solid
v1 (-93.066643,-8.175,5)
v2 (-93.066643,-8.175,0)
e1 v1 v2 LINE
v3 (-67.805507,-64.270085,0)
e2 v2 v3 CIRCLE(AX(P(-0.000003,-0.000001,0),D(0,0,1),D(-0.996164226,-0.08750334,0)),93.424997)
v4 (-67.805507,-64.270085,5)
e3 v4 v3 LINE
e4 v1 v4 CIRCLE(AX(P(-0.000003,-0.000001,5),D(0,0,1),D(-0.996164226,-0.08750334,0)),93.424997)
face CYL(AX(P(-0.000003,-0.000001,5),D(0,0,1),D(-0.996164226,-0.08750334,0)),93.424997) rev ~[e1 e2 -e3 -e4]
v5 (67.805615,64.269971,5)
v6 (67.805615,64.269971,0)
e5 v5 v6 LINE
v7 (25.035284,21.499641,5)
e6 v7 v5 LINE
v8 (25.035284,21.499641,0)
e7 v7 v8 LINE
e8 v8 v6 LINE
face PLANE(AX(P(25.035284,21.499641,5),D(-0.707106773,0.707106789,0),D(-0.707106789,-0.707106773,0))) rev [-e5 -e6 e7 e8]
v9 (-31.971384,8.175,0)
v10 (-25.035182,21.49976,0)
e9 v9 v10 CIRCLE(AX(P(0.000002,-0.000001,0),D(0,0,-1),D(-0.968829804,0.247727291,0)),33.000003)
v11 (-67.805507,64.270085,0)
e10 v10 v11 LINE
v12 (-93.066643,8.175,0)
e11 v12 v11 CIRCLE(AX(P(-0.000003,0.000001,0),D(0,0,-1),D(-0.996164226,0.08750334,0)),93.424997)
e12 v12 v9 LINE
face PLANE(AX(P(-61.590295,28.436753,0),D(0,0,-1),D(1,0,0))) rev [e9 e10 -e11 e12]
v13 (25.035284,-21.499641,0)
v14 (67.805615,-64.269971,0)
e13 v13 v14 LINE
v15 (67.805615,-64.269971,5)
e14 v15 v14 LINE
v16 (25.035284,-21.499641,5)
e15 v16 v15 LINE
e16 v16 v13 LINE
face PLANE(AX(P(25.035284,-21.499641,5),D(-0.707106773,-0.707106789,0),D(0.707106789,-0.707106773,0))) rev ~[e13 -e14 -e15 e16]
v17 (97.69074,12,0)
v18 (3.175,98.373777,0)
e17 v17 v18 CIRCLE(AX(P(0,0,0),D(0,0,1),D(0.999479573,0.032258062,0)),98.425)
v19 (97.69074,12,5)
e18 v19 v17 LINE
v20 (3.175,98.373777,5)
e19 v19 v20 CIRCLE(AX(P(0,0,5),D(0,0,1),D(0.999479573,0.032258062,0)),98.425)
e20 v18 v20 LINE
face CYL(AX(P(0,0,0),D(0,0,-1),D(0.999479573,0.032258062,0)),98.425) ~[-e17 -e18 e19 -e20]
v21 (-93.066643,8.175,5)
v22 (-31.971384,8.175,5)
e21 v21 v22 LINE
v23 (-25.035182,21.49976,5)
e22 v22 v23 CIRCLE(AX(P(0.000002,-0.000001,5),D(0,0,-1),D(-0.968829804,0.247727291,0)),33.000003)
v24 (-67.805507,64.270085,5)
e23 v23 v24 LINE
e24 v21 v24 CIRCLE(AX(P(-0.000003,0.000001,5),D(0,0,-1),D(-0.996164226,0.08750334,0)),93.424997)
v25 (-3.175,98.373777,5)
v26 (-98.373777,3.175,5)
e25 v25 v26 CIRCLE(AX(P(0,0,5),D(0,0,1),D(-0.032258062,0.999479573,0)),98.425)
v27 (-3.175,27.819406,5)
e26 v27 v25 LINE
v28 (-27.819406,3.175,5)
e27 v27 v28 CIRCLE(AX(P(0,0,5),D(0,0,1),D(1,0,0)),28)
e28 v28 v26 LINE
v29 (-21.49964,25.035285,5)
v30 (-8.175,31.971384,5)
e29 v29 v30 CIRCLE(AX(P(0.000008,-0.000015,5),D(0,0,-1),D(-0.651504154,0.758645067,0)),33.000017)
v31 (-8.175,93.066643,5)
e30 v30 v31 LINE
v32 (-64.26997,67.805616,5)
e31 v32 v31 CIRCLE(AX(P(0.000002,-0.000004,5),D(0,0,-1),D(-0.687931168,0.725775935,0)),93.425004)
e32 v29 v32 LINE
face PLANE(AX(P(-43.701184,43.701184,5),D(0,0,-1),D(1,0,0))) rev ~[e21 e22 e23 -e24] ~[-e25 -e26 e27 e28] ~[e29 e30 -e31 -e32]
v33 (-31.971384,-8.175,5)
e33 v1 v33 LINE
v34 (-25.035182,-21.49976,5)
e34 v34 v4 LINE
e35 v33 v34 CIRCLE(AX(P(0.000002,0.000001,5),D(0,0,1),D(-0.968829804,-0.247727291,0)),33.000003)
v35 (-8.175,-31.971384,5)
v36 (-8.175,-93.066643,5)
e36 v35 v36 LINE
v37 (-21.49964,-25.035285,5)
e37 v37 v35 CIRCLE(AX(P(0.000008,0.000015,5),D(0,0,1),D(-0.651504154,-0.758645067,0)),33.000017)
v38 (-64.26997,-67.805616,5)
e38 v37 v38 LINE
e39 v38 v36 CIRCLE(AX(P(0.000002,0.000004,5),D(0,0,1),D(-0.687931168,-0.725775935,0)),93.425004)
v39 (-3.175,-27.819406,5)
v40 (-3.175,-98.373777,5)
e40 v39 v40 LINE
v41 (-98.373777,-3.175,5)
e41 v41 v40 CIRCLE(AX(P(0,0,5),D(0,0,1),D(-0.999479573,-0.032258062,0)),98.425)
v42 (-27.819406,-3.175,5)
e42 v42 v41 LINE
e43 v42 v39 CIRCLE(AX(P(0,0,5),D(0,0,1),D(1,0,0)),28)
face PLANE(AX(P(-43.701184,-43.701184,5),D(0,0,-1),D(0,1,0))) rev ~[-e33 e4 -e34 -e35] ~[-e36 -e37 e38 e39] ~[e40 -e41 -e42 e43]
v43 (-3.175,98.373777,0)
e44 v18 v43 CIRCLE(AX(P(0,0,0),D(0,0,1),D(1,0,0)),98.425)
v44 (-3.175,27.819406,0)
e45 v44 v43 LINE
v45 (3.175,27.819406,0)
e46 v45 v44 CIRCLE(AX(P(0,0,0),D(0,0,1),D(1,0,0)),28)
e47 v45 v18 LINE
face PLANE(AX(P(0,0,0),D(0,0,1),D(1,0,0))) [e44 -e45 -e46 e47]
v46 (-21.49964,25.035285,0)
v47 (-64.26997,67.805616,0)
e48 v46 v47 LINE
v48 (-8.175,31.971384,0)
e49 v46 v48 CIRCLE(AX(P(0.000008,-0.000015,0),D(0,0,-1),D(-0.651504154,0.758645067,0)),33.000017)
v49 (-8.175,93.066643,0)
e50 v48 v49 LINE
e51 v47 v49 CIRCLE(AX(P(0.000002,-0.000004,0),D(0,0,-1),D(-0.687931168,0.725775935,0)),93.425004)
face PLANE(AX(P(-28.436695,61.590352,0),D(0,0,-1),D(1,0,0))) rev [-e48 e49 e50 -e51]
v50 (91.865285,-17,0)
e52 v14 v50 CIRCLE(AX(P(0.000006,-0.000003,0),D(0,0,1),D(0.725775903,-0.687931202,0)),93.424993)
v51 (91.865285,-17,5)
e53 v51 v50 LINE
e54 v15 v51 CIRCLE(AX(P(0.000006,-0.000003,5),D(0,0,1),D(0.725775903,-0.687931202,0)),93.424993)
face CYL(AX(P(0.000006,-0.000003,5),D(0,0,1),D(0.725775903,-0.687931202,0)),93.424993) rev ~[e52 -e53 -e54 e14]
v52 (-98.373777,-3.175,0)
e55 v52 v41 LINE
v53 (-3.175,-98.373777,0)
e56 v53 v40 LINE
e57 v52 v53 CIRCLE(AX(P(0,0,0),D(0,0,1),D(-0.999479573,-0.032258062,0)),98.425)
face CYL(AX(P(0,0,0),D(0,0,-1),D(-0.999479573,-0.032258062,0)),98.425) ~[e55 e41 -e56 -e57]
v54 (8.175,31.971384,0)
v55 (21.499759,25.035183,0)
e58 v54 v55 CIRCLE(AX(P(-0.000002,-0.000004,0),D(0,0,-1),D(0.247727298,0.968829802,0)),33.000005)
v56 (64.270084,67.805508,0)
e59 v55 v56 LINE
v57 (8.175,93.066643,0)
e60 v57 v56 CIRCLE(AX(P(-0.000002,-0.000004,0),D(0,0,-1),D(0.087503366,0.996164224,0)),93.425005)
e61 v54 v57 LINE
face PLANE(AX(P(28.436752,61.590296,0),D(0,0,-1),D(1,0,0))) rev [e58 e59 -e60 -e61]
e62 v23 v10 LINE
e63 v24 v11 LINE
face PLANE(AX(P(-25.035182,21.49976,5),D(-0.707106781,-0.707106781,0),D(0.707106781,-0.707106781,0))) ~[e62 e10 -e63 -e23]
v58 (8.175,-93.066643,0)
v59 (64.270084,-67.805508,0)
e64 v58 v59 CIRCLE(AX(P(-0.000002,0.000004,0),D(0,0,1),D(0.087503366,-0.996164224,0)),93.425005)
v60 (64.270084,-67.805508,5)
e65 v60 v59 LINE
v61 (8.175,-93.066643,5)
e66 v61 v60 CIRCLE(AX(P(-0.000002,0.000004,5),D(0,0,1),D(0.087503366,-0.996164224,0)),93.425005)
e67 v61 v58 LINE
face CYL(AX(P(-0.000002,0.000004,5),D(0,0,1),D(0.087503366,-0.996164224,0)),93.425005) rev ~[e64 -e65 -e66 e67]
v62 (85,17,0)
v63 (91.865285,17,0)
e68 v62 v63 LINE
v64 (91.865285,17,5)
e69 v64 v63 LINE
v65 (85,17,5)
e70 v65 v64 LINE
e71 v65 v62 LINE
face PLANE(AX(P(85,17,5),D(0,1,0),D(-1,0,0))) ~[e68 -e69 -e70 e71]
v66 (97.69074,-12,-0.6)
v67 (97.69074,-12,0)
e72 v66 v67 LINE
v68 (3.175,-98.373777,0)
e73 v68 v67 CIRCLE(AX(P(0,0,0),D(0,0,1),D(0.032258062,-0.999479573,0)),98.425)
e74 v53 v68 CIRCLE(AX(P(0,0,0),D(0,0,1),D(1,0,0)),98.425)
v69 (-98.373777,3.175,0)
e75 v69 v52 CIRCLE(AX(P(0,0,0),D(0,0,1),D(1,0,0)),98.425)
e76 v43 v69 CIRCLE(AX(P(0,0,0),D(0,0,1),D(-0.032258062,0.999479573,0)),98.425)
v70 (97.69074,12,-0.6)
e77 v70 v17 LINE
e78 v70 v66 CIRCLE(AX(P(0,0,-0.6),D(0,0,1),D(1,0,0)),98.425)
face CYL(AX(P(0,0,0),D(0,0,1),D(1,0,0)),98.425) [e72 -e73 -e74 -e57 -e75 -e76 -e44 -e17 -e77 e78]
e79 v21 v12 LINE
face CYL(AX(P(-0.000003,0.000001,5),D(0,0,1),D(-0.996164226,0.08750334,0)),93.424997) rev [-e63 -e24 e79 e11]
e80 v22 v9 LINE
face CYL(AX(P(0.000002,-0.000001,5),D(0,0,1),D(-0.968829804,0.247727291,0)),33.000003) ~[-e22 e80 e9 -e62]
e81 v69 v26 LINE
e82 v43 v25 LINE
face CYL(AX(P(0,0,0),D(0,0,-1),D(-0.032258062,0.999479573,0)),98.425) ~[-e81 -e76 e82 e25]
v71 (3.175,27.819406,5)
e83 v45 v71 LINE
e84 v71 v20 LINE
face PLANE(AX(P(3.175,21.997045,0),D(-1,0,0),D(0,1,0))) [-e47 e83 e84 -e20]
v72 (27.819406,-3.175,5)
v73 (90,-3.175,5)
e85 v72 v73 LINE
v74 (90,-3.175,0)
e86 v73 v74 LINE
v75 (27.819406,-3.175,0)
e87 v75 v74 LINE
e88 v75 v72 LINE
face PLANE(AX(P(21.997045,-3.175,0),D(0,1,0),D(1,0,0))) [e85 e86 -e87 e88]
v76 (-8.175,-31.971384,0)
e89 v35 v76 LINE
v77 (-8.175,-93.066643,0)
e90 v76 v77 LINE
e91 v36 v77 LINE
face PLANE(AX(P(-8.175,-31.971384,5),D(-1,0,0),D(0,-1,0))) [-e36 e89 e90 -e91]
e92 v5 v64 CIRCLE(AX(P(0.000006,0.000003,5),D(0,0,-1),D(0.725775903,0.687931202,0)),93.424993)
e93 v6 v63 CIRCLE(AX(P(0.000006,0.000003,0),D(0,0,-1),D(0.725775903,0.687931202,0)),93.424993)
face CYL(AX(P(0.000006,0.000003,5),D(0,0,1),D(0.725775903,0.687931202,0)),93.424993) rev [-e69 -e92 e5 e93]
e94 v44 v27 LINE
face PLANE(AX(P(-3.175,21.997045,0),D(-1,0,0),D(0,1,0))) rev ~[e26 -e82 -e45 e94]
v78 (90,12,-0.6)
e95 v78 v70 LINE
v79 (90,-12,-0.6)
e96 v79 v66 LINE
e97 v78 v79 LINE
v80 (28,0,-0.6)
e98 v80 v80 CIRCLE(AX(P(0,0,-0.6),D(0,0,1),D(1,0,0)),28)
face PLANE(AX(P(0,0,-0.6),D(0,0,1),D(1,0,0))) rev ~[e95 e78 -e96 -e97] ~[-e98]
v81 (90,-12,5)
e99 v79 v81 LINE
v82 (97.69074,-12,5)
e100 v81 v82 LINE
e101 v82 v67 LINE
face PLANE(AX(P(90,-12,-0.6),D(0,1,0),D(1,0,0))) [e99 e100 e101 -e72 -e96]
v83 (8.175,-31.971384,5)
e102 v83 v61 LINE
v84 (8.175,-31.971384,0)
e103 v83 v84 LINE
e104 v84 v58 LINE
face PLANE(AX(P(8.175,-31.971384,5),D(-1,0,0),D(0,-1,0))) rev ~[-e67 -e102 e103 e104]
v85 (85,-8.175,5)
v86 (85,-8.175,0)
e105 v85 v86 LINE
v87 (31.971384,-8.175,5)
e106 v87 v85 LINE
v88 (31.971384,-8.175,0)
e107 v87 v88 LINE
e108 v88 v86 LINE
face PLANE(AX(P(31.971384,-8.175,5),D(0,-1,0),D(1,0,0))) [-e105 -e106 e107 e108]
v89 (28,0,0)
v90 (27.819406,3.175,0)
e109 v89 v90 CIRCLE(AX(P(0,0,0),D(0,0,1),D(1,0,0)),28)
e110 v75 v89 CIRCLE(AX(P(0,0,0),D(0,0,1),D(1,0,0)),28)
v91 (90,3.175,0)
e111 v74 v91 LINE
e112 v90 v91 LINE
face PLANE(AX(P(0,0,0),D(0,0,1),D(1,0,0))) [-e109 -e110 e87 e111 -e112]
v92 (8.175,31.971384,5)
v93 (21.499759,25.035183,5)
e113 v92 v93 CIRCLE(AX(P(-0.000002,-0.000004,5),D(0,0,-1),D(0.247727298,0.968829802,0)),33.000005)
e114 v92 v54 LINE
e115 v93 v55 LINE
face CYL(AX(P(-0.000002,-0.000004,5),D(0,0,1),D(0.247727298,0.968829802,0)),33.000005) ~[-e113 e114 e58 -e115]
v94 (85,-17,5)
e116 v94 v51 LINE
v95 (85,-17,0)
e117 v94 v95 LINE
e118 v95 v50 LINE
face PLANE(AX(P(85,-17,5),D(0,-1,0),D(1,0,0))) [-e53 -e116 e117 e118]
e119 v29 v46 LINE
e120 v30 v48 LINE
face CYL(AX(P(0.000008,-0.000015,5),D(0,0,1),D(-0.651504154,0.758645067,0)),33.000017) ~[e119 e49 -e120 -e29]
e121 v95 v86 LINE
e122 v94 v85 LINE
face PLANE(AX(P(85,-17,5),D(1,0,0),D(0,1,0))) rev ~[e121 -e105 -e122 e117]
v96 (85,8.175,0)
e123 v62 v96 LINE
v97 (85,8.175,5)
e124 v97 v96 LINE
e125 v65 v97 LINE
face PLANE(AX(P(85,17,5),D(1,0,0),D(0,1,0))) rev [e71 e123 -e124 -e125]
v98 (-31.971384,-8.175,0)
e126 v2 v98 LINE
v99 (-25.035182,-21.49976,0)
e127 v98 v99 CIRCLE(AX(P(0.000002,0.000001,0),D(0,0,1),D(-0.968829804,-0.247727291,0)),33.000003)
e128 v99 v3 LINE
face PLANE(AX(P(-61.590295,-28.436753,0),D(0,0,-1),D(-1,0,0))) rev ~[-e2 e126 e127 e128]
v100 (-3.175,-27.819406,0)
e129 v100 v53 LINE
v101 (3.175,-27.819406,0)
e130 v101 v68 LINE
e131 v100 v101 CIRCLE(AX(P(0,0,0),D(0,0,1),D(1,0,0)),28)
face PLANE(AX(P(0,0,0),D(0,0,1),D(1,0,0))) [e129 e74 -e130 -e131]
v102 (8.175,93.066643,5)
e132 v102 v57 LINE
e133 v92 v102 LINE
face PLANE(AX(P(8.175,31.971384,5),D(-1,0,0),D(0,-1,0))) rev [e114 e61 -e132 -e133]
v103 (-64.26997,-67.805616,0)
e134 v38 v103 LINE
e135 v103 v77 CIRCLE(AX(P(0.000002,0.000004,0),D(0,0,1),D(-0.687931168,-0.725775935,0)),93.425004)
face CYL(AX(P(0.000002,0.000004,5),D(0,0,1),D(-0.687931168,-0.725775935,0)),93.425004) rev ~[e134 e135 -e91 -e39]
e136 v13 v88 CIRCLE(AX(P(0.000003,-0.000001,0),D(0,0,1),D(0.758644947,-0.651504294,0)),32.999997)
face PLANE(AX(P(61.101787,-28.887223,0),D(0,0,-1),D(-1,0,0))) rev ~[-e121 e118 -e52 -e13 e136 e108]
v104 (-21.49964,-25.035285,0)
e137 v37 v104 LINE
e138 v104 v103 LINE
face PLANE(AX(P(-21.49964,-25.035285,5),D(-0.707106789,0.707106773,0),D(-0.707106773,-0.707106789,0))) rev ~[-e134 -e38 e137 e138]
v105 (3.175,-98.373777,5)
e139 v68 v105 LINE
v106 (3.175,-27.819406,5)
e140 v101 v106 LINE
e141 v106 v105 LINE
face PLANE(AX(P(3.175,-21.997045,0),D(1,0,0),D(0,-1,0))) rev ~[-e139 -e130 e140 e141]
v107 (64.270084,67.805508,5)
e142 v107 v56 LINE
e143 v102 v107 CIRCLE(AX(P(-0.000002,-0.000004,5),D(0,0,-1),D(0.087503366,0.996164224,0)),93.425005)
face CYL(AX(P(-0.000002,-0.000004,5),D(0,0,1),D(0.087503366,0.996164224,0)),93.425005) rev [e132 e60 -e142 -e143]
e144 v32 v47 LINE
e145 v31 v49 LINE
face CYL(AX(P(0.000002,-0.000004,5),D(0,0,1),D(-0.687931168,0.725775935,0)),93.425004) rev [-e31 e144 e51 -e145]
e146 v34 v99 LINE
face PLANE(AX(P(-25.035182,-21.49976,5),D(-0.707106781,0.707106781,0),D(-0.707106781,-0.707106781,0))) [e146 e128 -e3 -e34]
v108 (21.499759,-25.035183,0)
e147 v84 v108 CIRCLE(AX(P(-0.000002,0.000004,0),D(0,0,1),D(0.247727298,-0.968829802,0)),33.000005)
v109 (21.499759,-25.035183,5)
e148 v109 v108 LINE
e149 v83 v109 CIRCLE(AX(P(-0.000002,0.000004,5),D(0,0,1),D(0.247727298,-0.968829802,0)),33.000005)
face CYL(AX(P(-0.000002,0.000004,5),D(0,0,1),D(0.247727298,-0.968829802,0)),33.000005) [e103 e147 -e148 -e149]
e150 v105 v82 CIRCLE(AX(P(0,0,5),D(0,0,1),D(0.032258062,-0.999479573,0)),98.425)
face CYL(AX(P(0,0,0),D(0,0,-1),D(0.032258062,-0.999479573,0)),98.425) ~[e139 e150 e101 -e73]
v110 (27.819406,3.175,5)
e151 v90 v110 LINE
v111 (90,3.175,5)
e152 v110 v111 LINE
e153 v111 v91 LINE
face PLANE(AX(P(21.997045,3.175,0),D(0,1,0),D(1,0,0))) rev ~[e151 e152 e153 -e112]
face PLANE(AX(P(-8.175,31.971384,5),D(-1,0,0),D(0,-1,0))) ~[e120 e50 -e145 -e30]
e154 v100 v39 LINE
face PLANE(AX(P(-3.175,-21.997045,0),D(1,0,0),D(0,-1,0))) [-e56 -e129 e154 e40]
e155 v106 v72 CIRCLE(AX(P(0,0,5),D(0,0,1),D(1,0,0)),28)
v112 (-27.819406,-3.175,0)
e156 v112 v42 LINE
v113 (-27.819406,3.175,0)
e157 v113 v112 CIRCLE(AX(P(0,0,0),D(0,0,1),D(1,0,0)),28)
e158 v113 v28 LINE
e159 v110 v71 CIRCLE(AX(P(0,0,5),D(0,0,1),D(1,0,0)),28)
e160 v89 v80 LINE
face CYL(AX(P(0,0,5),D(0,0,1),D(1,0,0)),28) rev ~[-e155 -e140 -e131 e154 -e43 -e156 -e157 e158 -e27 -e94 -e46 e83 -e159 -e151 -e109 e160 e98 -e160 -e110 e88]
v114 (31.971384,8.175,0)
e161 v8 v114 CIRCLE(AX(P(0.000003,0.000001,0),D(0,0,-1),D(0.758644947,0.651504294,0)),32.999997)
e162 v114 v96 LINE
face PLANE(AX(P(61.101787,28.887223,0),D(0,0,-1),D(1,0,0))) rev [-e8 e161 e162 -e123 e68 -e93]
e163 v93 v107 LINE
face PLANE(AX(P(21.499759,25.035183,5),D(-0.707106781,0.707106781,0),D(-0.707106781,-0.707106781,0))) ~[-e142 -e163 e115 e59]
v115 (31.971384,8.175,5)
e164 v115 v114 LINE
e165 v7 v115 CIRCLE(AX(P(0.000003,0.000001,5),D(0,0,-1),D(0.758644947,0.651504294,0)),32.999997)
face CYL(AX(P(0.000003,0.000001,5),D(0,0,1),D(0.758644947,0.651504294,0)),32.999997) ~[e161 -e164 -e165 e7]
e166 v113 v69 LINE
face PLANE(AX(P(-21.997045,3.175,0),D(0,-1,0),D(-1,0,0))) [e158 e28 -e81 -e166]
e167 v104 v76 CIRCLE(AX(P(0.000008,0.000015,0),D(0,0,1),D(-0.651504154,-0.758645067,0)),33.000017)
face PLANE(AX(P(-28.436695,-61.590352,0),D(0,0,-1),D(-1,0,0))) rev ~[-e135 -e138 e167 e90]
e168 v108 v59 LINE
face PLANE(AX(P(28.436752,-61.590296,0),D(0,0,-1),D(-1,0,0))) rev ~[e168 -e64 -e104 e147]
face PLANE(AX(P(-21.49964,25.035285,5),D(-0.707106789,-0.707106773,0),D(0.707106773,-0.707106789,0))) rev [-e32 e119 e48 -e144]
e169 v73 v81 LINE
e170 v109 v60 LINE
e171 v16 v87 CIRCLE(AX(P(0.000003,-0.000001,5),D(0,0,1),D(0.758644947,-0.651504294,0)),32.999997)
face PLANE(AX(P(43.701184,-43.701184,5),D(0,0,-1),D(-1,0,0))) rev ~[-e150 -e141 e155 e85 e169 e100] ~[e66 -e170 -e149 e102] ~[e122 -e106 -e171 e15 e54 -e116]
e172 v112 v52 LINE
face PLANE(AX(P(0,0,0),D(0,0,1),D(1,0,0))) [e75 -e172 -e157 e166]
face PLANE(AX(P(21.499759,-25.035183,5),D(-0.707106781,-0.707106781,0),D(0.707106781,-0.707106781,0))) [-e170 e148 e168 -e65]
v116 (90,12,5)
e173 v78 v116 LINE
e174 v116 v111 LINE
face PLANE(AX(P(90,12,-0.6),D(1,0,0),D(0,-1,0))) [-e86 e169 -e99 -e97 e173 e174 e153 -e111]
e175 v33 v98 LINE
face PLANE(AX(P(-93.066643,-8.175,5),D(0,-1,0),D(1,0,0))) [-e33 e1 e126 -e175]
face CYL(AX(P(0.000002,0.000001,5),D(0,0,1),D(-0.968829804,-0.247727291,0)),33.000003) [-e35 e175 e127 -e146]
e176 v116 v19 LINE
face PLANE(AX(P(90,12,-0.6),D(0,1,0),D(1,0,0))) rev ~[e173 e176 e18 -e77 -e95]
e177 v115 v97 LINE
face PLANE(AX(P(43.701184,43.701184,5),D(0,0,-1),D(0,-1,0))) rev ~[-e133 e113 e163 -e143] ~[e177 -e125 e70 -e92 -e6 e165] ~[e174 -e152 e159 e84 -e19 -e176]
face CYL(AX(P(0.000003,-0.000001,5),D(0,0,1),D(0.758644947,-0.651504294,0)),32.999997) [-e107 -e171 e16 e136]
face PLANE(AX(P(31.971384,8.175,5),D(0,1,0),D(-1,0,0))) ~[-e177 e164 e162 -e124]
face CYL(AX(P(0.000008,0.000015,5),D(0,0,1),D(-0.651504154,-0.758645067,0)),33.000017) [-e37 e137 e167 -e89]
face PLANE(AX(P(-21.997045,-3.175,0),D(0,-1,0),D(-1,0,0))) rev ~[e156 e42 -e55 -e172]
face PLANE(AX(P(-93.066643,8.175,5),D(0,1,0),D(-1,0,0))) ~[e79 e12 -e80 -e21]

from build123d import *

# Parameters (mm, degrees)
SKETCH_R           = 98.425
PAD_DEPTH          = 0.6
PAD001_DEPTH       = 5
POLARPATTERN_COUNT = 4
SKETCH002_R        = 28
POCKET_DEPTH       = 5.601
SKETCH003_W        = 15
SKETCH003_H        = 24
POCKET001_DEPTH    = 5.601
POCKET002_DEPTH    = 5
POCKET003_DEPTH    = 5


with BuildPart() as part:
    # Sketch → Pad (new body)
    with BuildSketch(Plane.XY):
        Circle(SKETCH_R)
    extrude(amount=-PAD_DEPTH)

    # Sketch001 → Pad001 (new body)
    with BuildSketch(Plane.XY):
        with BuildLine():
            ThreePointArc((3.175, -21.997045), (15.715448, -15.715448), (21.997045, -3.175))
            Line((21.997045, -3.175), (98.373777, -3.175))
            ThreePointArc((3.175, -98.373777), (69.596985, -69.596985), (98.373777, -3.175))
            Line((3.175, -21.997045), (3.175, -98.373777))
        make_face()
    pad001 = extrude(amount=PAD001_DEPTH)

    # PolarPattern: Pad001 ×4 about axis
    polarpattern_axis = Axis((0, 0, 0), (0, 0, 1))
    for i in range(1, POLARPATTERN_COUNT):
        add(pad001.rotate(polarpattern_axis, i * 360 / POLARPATTERN_COUNT))

    # Sketch002 → Pocket (cut, through all)
    with BuildSketch(Plane.XY.offset(5)):
        Circle(SKETCH002_R)
    extrude(amount=-POCKET_DEPTH, mode=Mode.SUBTRACT)

    # Sketch003 → Pocket001 (cut, through all)
    with BuildSketch(Plane(origin=(0, 0, -0.6), x_dir=(1, 0, 0), z_dir=(0, 0, -1))):
        with Locations((97.5, 0)):
            Rectangle(SKETCH003_W, SKETCH003_H)
    extrude(amount=-POCKET001_DEPTH, mode=Mode.SUBTRACT)

    # Sketch004 → Pocket002 (cut)
    with BuildSketch(Plane.XY.offset(5)):
        with BuildLine():
            ThreePointArc((8.175, -31.971384), (15.237308, -29.271564), (21.499759, -25.035183))
            Line((21.499759, -25.035183), (64.270084, -67.805508))
            ThreePointArc((8.175, -93.066643), (38.361488, -85.185837), (64.270084, -67.805508))
            Line((8.175, -31.971384), (8.175, -93.066643))
        make_face()
        with BuildLine():
            ThreePointArc((25.035284, -21.499641), (29.2716, -15.237239), (31.971384, -8.175))
            Line((31.971384, -8.175), (85, -8.175))
            Line((85, -17), (85, -8.175))
            Line((85, -17), (91.865285, -17))
            ThreePointArc((67.805615, -64.269971), (83.260505, -42.378284), (91.865285, -17))
            Line((25.035284, -21.499641), (67.805615, -64.269971))
        make_face()
    pocket002 = extrude(amount=-POCKET002_DEPTH, mode=Mode.SUBTRACT)

    # Mirrored: Pocket002 across Sketch004 H_Axis
    add(pocket002.mirror(Plane(origin=(0, 0, 5), x_dir=(0, 0, 1), z_dir=(0, 1, 0))), mode=Mode.SUBTRACT)

    # Sketch005 → Pocket003 (cut)
    with BuildSketch(Plane.XY.offset(5)):
        with BuildLine():
            ThreePointArc((-31.971384, -8.175), (-29.271564, -15.237308), (-25.035182, -21.49976))
            Line((-25.035182, -21.49976), (-67.805507, -64.270085))
            ThreePointArc((-93.066643, -8.175), (-85.185837, -38.361489), (-67.805507, -64.270085))
            Line((-93.066643, -8.175), (-31.971384, -8.175))
        make_face()
        with BuildLine():
            ThreePointArc((-21.49964, -25.035285), (-15.237238, -29.2716), (-8.175, -31.971384))
            Line((-8.175, -31.971384), (-8.175, -93.066643))
            ThreePointArc((-64.26997, -67.805616), (-38.361417, -85.185869), (-8.175, -93.066643))
            Line((-21.49964, -25.035285), (-64.26997, -67.805616))
        make_face()
    pocket003 = extrude(amount=-POCKET003_DEPTH, mode=Mode.SUBTRACT)

    # Mirrored001: Pocket003 across Sketch005 H_Axis
    add(pocket003.mirror(Plane(origin=(0, 0, 5), x_dir=(0, 0, 1), z_dir=(0, 1, 0))), mode=Mode.SUBTRACT)


solid = part.part
